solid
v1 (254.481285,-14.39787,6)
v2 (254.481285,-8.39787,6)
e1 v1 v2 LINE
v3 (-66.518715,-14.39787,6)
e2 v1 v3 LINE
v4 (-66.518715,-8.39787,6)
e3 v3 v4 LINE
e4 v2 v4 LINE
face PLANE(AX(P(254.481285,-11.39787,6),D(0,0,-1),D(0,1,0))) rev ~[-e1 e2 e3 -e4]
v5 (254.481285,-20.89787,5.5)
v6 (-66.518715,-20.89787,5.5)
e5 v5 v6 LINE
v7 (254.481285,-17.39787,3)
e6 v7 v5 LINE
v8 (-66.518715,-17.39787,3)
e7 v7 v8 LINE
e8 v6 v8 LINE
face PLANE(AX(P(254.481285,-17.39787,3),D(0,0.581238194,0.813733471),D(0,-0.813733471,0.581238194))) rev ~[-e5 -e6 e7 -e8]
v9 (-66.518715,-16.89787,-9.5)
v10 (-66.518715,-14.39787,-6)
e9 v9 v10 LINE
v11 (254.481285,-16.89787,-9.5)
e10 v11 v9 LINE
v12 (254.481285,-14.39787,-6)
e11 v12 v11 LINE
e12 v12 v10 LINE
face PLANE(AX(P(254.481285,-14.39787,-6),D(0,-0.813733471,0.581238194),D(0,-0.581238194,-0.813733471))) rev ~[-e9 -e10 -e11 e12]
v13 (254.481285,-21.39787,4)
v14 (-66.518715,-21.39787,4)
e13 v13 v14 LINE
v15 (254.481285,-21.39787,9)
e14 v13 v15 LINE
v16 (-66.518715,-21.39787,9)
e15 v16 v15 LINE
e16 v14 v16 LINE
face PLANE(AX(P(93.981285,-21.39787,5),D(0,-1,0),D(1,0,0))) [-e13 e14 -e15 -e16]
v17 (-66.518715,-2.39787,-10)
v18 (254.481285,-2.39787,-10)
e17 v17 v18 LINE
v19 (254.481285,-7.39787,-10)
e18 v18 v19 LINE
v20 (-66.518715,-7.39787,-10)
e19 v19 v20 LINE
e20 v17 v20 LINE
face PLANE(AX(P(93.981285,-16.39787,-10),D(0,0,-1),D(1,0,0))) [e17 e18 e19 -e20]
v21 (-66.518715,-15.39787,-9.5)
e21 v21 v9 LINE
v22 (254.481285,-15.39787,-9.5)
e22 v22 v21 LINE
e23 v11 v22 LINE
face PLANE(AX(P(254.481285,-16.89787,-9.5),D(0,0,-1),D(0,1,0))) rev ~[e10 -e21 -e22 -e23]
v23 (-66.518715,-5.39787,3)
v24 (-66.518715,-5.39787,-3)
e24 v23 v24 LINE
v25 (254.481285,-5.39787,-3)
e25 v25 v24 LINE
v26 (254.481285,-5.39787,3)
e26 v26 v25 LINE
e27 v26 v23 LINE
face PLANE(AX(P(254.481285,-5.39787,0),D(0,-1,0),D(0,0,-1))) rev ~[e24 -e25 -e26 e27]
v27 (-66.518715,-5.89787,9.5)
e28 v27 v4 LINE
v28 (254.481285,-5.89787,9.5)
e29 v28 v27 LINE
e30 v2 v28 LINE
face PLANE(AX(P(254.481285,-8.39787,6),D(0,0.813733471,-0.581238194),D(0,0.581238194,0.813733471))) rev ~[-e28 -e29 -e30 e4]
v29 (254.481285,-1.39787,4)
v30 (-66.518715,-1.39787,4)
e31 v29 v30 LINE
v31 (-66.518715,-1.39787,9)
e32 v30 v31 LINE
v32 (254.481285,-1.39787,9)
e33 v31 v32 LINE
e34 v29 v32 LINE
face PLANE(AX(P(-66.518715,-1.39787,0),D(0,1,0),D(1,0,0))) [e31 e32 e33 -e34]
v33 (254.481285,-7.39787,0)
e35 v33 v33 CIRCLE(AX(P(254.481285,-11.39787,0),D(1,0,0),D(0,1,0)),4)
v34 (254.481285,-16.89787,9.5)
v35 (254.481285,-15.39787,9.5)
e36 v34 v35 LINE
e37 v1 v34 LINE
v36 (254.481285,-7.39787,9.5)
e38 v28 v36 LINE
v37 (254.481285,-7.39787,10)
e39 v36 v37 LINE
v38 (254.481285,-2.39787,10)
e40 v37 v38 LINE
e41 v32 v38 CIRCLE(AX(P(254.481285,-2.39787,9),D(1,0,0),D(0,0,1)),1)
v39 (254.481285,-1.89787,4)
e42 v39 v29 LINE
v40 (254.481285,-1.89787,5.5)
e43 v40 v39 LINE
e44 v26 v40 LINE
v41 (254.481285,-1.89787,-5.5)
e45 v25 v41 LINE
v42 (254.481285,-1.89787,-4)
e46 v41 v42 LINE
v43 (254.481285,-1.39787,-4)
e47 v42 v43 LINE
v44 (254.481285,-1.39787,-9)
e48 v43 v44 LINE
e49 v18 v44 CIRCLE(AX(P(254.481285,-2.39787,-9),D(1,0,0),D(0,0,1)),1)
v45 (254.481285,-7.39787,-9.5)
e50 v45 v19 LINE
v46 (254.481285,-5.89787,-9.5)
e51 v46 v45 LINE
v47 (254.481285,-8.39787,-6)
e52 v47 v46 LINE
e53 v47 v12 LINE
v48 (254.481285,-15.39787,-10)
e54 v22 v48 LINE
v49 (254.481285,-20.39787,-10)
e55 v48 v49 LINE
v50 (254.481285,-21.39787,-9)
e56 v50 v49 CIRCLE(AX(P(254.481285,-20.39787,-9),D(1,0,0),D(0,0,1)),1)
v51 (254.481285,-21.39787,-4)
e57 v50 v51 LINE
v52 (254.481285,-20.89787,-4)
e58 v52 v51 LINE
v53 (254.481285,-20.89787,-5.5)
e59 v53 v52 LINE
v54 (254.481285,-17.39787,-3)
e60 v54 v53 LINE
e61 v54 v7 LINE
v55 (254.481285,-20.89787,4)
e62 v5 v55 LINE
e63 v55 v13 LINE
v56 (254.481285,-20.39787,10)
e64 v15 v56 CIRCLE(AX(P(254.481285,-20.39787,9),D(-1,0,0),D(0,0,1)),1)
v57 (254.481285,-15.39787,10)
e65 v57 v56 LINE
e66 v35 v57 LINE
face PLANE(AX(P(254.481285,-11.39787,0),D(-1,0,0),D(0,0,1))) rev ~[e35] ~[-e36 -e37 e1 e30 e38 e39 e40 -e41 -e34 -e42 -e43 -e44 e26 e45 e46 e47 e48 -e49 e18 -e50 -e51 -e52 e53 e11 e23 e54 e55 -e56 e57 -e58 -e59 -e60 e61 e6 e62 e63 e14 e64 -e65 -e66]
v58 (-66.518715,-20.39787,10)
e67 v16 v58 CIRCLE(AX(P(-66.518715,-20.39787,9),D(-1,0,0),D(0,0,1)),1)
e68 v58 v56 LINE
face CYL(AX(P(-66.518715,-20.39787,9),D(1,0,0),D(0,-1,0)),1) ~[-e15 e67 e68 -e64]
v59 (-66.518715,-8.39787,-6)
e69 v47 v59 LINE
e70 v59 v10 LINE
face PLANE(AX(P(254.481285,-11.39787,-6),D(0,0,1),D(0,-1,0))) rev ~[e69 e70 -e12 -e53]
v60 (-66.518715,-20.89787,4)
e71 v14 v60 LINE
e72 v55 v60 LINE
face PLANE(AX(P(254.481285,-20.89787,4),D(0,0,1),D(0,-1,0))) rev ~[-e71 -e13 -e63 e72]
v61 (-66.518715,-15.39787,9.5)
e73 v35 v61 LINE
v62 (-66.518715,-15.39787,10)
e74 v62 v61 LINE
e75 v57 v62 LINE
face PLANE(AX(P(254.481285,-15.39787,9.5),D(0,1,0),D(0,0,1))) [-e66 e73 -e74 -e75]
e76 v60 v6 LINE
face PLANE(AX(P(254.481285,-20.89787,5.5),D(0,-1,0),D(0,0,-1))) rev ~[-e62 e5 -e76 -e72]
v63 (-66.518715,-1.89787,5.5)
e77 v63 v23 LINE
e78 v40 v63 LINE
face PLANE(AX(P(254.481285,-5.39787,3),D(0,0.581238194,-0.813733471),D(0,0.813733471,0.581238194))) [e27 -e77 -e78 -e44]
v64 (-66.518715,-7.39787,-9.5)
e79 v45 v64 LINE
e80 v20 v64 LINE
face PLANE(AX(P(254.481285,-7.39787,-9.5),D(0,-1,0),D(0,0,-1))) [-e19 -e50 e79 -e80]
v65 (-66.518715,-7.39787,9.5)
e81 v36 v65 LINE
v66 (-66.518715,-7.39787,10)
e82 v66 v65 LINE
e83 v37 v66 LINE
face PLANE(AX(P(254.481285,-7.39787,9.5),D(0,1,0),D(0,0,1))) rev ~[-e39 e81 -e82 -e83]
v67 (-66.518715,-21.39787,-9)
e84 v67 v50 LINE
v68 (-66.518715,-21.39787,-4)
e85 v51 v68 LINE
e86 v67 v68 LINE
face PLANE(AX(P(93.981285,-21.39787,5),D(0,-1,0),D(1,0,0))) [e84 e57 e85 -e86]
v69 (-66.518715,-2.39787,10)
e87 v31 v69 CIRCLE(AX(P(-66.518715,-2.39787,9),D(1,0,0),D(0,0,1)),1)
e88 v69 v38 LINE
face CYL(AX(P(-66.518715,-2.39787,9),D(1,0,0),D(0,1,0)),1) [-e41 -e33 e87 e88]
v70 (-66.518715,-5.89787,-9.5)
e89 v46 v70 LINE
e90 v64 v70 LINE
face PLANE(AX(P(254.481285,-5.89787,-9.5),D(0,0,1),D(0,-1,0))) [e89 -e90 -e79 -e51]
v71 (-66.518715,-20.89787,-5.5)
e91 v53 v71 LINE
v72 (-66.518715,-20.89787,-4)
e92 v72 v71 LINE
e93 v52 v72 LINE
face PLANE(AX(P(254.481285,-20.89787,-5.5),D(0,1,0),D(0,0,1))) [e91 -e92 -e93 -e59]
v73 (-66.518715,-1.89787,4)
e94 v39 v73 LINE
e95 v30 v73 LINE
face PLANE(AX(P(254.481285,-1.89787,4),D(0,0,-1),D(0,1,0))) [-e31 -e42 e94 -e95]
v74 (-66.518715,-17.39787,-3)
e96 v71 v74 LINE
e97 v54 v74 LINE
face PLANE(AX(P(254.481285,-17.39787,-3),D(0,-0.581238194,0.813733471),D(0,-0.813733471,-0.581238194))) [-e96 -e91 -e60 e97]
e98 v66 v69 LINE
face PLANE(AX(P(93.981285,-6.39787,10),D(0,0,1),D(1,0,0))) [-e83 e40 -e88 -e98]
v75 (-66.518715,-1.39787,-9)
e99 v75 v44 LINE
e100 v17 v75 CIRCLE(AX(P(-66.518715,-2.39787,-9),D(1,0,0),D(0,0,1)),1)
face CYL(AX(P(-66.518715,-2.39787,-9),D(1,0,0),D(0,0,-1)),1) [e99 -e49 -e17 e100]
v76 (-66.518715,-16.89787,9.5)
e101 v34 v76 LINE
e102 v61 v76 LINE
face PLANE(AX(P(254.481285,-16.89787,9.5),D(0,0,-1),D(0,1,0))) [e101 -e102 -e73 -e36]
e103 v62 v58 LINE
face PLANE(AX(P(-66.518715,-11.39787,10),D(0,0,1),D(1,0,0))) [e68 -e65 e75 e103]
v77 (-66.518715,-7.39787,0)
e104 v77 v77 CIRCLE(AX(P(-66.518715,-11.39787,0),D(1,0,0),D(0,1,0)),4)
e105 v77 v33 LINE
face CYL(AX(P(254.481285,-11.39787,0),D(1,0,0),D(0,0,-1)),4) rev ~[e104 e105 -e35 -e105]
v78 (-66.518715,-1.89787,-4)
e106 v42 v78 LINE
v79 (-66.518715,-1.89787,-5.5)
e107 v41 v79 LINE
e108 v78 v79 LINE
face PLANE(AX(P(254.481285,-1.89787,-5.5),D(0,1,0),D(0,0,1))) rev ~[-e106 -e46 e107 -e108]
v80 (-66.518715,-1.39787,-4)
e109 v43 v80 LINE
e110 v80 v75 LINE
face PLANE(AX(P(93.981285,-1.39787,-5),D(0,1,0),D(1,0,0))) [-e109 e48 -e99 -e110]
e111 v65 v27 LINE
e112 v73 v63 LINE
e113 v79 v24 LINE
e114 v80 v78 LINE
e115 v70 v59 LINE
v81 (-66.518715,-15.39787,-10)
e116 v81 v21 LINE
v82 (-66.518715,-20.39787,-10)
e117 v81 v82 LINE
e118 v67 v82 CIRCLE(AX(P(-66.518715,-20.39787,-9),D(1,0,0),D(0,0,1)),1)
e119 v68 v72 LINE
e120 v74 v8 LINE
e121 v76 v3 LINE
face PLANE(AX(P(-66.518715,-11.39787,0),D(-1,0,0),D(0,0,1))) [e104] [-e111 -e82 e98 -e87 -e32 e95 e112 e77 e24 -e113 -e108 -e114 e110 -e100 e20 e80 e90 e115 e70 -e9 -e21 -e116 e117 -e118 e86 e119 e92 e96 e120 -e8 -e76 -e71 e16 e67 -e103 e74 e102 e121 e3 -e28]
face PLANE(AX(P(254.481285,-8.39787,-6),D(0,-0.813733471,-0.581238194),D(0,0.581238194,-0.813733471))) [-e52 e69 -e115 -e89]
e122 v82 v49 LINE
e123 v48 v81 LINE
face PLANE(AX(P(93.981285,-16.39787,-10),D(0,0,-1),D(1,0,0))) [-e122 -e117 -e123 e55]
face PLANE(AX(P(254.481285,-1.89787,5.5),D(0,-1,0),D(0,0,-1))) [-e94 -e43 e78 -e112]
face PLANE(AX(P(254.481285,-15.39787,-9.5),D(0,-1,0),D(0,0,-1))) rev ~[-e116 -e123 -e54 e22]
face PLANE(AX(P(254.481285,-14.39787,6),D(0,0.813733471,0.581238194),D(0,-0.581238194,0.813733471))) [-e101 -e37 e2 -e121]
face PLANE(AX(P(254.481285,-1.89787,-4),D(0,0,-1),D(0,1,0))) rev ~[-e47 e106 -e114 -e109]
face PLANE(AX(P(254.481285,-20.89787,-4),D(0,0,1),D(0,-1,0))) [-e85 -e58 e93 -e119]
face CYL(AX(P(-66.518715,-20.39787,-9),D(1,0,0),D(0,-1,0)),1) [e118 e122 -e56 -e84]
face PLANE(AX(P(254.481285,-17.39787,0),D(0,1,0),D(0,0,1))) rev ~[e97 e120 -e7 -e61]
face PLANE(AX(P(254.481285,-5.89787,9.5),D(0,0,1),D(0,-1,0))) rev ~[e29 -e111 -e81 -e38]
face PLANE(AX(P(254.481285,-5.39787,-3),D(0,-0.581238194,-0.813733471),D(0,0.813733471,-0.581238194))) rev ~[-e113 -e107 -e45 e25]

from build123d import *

# Parameters (mm, degrees)
SKETCH_1_W                       = 321
SKETCH_1_H                       = 10
EXTRUDE_1_DEPTH                  = 10
SKETCH_2_R                       = 4
CUT_EXTRUDE_1_DEPTH              = 1270
CUT_EXTRUDE_2_DEPTH              = 1270
FILLET_1_R                       = 1
PATTERN_CIRCULAR_2_COUNT         = 4
FILLET_1_OF_PATTERN_CIRCULAR_2_R = 1


with BuildPart() as part:
    # 草图1 → 凸台-拉伸1 (new body)
    with BuildSketch(Plane.XY):
        with Locations((93.981285353, -6.397869645)):
            Rectangle(SKETCH_1_W, SKETCH_1_H)
    extrude_1 = extrude(amount=EXTRUDE_1_DEPTH)

    # 草图2 → 切除-拉伸1 (cut)
    with BuildSketch(Plane(origin=(254.481285353, 0, 0), x_dir=(0, 0, -1), z_dir=(1, 0, 0))):
        with Locations((0, -11.397869645)):
            Circle(SKETCH_2_R)
    cut_extrude_1 = extrude(amount=-CUT_EXTRUDE_1_DEPTH, mode=Mode.SUBTRACT)

    # 草图3 → 切除-拉伸2 (cut)
    with BuildSketch(Plane(origin=(254.481285353, 0, 0), x_dir=(0, 0, -1), z_dir=(1, 0, 0))):
        Polygon((-4, -1.397869645), (0, -1.397869645), (0, -5.397869645), (-3, -5.397869645), (-5.5, -1.897869645), (-4, -1.897869645), align=None)
        Polygon((-10, -7.397869645), (-10, -11.397869645), (-6, -11.397869645), (-6, -8.397869645), (-9.5, -5.897869645), (-9.5, -7.397869645), align=None)
    cut_extrude_2 = extrude(amount=-CUT_EXTRUDE_2_DEPTH, mode=Mode.SUBTRACT)

    # 圆角1
    fillet_1_edges = [part.edges().sort_by_distance(p)[0] for p in [
        (93.981285353, -1.397869645, 10),
    ]]
    fillet(fillet_1_edges, radius=FILLET_1_R)

    # 阵列(圆周)2: 凸台-拉伸1, 切除-拉伸1, 切除-拉伸2 ×4 about axis
    pattern_circular_2_axis = Axis((0, -11.397869645, 0), (1, 0, 0))
    add([extrude_1.rotate(pattern_circular_2_axis, i * 360 / PATTERN_CIRCULAR_2_COUNT) for i in range(1, PATTERN_CIRCULAR_2_COUNT)])
    add([cut_extrude_1.rotate(pattern_circular_2_axis, i * 360 / PATTERN_CIRCULAR_2_COUNT) for i in range(1, PATTERN_CIRCULAR_2_COUNT)], mode=Mode.SUBTRACT)
    add([cut_extrude_2.rotate(pattern_circular_2_axis, i * 360 / PATTERN_CIRCULAR_2_COUNT) for i in range(1, PATTERN_CIRCULAR_2_COUNT)], mode=Mode.SUBTRACT)

    # 圆角1 of 阵列(圆周)2
    fillet_1_of_pattern_circular_2_edges = [part.edges().sort_by_distance(p)[0] for p in [
        (93.981285353, -21.397869645, 10),
        (93.981285353, -21.397869645, -10),
        (93.981285353, -1.397869645, -10),
    ]]
    fillet(fillet_1_of_pattern_circular_2_edges, radius=FILLET_1_OF_PATTERN_CIRCULAR_2_R)


solid = part.part
